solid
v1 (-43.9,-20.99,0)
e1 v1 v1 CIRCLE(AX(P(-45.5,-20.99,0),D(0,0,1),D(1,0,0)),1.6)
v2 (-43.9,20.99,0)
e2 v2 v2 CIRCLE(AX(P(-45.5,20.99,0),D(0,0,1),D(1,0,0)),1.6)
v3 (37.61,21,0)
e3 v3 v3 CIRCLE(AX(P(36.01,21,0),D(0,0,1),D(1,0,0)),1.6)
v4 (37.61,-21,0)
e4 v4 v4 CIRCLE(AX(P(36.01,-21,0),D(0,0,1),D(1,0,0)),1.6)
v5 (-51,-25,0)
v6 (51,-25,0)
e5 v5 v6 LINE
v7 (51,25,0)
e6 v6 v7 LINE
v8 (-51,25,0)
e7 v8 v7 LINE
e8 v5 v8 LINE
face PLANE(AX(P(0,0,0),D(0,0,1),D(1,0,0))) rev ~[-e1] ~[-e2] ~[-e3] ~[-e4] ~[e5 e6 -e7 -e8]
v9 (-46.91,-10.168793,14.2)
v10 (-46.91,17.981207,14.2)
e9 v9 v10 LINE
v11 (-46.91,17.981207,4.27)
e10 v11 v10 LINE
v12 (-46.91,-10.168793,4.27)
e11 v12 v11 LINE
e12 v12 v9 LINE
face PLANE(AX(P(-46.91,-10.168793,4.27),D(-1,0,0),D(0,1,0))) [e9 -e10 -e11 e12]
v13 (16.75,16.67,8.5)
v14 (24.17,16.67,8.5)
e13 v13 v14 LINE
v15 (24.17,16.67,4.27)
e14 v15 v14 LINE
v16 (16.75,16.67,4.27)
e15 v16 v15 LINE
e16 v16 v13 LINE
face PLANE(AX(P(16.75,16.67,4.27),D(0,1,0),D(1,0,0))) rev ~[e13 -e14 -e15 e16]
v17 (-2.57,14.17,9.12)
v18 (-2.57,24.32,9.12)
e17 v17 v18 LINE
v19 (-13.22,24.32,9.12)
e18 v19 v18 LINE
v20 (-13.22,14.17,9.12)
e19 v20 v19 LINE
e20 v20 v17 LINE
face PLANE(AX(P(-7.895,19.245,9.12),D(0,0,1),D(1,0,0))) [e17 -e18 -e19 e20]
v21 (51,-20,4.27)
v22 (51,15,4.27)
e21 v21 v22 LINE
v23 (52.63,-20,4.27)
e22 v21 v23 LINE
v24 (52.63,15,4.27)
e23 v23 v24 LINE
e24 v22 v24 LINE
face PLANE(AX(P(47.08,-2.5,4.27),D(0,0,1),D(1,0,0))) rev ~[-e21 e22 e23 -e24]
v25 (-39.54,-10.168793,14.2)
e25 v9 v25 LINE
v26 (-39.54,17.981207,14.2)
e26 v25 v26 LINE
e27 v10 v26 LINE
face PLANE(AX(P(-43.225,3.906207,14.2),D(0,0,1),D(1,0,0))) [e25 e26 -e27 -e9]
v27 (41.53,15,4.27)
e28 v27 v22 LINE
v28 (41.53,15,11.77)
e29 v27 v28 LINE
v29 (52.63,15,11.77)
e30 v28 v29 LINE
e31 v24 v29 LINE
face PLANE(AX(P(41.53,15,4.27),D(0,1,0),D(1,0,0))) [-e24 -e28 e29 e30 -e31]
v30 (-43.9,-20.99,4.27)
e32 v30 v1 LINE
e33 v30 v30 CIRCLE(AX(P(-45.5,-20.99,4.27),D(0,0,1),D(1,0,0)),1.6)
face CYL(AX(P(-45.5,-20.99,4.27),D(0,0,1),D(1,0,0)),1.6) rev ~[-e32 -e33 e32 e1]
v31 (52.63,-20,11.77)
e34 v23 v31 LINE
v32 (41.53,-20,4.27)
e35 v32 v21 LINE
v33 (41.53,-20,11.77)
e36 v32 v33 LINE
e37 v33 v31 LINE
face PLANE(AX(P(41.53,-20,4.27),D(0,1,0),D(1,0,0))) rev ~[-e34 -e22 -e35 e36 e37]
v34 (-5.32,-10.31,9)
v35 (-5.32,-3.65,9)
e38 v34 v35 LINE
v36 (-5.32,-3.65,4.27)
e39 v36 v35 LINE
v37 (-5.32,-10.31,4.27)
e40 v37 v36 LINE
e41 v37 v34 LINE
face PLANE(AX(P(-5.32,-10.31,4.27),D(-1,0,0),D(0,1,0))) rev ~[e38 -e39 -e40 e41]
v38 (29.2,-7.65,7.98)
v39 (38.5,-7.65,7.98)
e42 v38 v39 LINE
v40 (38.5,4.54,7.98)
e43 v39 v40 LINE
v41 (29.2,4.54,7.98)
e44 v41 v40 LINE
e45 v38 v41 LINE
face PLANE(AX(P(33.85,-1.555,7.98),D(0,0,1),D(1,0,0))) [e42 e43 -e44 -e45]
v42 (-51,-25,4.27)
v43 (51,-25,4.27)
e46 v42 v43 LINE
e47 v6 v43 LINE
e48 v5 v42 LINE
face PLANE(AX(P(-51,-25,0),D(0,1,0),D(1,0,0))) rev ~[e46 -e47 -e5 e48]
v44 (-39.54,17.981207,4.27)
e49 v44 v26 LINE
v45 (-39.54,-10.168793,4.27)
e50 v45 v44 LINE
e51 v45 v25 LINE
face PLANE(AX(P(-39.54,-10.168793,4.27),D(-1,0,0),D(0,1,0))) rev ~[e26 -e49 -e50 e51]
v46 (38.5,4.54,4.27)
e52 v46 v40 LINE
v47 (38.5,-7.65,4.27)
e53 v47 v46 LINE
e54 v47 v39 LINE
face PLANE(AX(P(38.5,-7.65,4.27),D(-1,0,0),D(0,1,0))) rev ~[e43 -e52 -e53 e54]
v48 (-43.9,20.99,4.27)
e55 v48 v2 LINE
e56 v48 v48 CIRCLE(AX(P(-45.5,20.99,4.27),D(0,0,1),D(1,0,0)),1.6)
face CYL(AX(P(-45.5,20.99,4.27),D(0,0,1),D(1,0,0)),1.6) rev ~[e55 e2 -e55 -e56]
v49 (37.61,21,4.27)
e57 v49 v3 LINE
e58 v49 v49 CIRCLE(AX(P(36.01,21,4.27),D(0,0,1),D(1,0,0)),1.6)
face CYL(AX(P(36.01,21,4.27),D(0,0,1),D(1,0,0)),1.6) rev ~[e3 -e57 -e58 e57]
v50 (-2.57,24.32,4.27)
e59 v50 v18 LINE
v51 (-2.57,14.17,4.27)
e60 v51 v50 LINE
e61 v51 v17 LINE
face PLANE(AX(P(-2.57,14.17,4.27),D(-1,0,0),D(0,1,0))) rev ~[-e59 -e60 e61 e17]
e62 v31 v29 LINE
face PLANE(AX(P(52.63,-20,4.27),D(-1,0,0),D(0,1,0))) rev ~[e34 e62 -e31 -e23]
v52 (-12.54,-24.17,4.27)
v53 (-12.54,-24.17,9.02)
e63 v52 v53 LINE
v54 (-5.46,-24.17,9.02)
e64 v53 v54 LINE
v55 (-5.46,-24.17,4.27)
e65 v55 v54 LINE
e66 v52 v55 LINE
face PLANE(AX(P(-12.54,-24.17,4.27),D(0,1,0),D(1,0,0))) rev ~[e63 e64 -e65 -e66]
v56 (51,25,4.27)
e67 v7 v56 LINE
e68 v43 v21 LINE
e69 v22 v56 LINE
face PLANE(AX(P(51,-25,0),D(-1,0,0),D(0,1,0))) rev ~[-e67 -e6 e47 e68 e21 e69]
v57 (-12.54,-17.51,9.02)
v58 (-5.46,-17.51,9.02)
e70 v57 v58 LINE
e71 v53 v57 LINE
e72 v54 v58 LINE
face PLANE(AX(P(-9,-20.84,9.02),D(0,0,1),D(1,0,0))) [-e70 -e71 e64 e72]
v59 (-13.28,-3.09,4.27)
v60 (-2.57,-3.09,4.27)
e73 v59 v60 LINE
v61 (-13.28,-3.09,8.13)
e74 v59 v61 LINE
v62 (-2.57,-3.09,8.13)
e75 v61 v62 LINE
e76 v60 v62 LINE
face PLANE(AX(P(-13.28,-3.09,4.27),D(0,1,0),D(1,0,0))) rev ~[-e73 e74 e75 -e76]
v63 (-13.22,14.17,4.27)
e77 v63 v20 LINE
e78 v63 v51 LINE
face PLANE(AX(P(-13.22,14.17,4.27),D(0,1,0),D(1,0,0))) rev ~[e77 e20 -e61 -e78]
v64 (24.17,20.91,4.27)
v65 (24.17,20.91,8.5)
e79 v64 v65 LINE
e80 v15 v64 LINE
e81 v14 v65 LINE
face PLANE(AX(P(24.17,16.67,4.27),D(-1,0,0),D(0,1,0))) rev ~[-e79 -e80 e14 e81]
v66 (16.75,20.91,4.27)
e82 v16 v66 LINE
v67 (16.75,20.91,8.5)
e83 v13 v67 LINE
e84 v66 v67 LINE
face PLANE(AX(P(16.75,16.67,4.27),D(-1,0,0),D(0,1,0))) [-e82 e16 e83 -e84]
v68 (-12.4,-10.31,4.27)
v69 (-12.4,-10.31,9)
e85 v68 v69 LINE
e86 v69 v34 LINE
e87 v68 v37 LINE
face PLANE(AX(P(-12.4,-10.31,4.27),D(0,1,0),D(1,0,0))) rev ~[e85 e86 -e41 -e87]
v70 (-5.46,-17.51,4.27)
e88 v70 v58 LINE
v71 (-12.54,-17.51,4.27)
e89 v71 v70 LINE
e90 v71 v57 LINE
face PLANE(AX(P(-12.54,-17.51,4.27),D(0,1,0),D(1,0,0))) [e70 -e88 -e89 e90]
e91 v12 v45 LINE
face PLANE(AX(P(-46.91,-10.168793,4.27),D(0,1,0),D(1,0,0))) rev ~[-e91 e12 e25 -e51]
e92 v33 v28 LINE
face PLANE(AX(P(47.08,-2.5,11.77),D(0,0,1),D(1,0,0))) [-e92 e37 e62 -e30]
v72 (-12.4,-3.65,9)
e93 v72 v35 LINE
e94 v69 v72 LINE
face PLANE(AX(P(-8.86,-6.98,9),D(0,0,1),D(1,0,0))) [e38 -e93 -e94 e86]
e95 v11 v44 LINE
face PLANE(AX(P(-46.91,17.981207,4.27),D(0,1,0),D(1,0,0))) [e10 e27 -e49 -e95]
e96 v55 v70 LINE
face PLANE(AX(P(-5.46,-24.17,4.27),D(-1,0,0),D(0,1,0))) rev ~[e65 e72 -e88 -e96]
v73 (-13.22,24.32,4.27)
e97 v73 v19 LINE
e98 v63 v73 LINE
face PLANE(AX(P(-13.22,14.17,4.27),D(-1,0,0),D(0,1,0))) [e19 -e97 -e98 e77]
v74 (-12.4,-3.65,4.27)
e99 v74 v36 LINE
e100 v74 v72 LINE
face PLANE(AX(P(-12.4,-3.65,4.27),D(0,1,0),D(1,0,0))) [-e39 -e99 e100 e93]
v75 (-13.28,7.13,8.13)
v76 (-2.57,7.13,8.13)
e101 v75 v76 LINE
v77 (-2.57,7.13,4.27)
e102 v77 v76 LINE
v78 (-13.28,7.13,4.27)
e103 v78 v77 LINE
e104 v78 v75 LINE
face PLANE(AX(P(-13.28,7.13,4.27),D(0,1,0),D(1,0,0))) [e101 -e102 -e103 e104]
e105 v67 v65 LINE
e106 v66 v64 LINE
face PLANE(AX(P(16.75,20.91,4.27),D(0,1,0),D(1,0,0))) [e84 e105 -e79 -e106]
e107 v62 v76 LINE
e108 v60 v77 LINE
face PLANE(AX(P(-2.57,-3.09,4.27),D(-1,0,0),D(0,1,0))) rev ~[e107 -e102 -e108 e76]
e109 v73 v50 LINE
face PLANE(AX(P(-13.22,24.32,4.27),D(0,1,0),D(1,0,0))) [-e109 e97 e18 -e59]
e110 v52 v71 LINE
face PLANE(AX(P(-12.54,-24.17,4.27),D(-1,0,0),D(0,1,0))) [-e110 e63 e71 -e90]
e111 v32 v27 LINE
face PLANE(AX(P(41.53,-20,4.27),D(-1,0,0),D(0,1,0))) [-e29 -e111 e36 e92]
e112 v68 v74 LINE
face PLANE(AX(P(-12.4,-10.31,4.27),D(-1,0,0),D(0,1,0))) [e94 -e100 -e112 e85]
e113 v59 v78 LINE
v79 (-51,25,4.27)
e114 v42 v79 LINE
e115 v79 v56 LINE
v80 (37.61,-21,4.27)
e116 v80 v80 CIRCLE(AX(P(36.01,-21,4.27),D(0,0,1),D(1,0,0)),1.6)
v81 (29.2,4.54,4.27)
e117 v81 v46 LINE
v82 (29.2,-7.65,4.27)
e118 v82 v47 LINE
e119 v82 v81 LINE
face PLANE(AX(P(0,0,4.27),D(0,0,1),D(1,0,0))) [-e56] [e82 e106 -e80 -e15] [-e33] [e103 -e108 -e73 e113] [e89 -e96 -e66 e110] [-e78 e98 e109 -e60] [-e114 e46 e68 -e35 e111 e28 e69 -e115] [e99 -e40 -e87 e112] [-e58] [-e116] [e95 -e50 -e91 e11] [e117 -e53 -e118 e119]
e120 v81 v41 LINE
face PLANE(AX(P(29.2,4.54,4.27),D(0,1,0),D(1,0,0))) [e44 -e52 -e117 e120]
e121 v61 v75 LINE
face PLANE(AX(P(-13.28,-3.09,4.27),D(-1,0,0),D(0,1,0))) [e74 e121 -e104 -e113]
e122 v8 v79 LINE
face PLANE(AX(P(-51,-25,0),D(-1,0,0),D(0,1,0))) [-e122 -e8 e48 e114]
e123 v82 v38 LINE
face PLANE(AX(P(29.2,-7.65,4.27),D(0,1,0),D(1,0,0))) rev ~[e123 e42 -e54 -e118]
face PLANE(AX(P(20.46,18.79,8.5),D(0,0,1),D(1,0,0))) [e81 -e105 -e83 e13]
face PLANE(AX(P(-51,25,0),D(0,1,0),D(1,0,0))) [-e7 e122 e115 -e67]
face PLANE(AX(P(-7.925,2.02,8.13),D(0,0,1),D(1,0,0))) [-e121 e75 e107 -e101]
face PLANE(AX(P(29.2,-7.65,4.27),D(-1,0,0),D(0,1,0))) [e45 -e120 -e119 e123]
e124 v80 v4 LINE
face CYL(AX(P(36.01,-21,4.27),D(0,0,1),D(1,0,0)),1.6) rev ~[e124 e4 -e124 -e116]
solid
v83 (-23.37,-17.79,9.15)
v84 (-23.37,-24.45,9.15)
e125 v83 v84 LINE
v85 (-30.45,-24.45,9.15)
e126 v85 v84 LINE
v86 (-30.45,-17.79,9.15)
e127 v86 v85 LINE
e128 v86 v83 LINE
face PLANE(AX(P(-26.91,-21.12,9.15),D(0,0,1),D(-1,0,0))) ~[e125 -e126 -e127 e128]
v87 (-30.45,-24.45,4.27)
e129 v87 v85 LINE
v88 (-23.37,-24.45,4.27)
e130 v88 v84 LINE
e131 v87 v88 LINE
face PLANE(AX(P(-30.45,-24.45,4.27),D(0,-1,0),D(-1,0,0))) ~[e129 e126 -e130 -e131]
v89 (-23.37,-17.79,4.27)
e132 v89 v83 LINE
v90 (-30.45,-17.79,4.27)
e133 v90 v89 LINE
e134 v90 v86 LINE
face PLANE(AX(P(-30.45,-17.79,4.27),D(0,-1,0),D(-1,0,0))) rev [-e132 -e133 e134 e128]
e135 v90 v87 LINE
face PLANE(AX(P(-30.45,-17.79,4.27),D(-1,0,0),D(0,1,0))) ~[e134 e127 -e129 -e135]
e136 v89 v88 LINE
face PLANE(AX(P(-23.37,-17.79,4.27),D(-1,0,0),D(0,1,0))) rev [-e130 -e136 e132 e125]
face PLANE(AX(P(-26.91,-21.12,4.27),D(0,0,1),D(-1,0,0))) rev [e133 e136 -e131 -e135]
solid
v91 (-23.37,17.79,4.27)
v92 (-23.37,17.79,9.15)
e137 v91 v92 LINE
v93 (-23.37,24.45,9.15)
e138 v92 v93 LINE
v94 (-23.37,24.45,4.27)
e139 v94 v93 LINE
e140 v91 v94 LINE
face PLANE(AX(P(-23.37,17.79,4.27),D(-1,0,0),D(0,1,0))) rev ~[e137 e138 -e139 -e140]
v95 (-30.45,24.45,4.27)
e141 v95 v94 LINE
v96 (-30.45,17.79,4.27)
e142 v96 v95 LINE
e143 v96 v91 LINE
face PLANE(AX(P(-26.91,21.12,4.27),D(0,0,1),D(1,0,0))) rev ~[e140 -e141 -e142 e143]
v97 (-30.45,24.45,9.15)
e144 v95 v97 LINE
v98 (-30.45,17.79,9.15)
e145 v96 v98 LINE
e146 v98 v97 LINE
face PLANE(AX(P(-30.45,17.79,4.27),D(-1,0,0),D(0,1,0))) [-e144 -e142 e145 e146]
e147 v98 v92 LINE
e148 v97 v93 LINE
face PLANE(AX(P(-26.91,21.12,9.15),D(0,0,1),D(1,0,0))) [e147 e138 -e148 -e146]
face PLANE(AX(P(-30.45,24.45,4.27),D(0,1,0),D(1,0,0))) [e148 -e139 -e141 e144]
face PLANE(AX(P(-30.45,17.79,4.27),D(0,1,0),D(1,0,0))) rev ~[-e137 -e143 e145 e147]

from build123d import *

# Parameters (mm, degrees)
F0_W      = 102
F0_H      = 50
F1_DEPTH  = 4.27
F2_W      = 11.1
F2_H      = 35
F3_DEPTH  = 7.5
F4_W      = 7.37
F4_H      = 28.15
F5_DEPTH  = 9.93
F6_W      = 7.08
F6_H      = 6.66
F7_DEPTH  = 4.88
F8_W      = 10.65
F8_H      = 10.15
F9_DEPTH  = 4.85
F10_W     = 10.71
F10_H     = 10.22
F11_DEPTH = 3.86
F13_W     = 7.08
F13_H     = 6.66
F14_DEPTH = 4.73
F15_W     = 7.08
F15_H     = 6.66
F16_DEPTH = 4.75
F17_W     = 9.3
F17_H     = 12.19
F18_DEPTH = 3.71
F19_W     = 7.42
F19_H     = 4.24
F20_DEPTH = 4.23
F21_R     = 1.6
F22_DEPTH = 25


with BuildPart() as f1:
    # F0 (on Top) → F1 (new body)
    with BuildSketch(Plane.XY):
        Rectangle(F0_W, F0_H)
    extrude(amount=F1_DEPTH)

    # F2 (on face) → F3 (join)
    with BuildSketch(Plane.XY.offset(4.27)):
        with Locations((47.08, -2.5)):
            Rectangle(F2_W, F2_H)
    extrude(amount=F3_DEPTH)

    # F4 (on face) → F5 (join)
    with BuildSketch(Plane.XY.offset(4.27)):
        with Locations((-43.225, 3.906207)):
            Rectangle(F4_W, F4_H)
    extrude(amount=F5_DEPTH)

    # F8 (on face) → F9 (join)
    with BuildSketch(Plane.XY.offset(4.27)):
        with Locations((-7.895, 19.245)):
            Rectangle(F8_W, F8_H)
    extrude(amount=F9_DEPTH)

    # F10 (on face) → F11 (join)
    with BuildSketch(Plane.XY.offset(4.27)):
        with Locations((-7.925, 2.02)):
            Rectangle(F10_W, F10_H)
    extrude(amount=F11_DEPTH)

    # F13 (on face) → F14 (join)
    with BuildSketch(Plane.XY.offset(4.27)):
        with Locations((-8.86, -6.98)):
            Rectangle(F13_W, F13_H)
    extrude(amount=F14_DEPTH)

    # F15 (on face) → F16 (join)
    with BuildSketch(Plane.XY.offset(4.27)):
        with Locations((-9, -20.84)):
            Rectangle(F15_W, F15_H)
    extrude(amount=F16_DEPTH)

    # F17 (on face) → F18 (join)
    with BuildSketch(Plane.XY.offset(4.27)):
        with Locations((33.85, -1.555)):
            Rectangle(F17_W, F17_H)
    extrude(amount=F18_DEPTH)

    # F19 (on face) → F20 (join)
    with BuildSketch(Plane.XY.offset(4.27)):
        with Locations((20.46, 18.79)):
            Rectangle(F19_W, F19_H)
    extrude(amount=F20_DEPTH)

    # F21 (on face) → F22 (cut)
    with BuildSketch(Plane.XY.offset(4.27)):
        with Locations((-45.5, -20.99)):
            Circle(F21_R)
        with Locations((36.01, -21)):
            Circle(F21_R)
        with Locations((-45.5, 20.99)):
            Circle(F21_R)
        with Locations((36.01, 21)):
            Circle(F21_R)
    extrude(amount=-F22_DEPTH, mode=Mode.SUBTRACT)


with BuildPart() as f7:
    # F6 (on face) → F7 (new body)
    with BuildSketch(Plane.XY.offset(4.27)):
        with Locations((-26.91, 21.12)):
            Rectangle(F6_W, F6_H)
    extrude(amount=F7_DEPTH)


with BuildPart() as f12_1:
    # F12: instance of F7
    add(f7.part.mirror(Plane.XZ))


solid = Compound([f1.part, f7.part, f12_1.part])
